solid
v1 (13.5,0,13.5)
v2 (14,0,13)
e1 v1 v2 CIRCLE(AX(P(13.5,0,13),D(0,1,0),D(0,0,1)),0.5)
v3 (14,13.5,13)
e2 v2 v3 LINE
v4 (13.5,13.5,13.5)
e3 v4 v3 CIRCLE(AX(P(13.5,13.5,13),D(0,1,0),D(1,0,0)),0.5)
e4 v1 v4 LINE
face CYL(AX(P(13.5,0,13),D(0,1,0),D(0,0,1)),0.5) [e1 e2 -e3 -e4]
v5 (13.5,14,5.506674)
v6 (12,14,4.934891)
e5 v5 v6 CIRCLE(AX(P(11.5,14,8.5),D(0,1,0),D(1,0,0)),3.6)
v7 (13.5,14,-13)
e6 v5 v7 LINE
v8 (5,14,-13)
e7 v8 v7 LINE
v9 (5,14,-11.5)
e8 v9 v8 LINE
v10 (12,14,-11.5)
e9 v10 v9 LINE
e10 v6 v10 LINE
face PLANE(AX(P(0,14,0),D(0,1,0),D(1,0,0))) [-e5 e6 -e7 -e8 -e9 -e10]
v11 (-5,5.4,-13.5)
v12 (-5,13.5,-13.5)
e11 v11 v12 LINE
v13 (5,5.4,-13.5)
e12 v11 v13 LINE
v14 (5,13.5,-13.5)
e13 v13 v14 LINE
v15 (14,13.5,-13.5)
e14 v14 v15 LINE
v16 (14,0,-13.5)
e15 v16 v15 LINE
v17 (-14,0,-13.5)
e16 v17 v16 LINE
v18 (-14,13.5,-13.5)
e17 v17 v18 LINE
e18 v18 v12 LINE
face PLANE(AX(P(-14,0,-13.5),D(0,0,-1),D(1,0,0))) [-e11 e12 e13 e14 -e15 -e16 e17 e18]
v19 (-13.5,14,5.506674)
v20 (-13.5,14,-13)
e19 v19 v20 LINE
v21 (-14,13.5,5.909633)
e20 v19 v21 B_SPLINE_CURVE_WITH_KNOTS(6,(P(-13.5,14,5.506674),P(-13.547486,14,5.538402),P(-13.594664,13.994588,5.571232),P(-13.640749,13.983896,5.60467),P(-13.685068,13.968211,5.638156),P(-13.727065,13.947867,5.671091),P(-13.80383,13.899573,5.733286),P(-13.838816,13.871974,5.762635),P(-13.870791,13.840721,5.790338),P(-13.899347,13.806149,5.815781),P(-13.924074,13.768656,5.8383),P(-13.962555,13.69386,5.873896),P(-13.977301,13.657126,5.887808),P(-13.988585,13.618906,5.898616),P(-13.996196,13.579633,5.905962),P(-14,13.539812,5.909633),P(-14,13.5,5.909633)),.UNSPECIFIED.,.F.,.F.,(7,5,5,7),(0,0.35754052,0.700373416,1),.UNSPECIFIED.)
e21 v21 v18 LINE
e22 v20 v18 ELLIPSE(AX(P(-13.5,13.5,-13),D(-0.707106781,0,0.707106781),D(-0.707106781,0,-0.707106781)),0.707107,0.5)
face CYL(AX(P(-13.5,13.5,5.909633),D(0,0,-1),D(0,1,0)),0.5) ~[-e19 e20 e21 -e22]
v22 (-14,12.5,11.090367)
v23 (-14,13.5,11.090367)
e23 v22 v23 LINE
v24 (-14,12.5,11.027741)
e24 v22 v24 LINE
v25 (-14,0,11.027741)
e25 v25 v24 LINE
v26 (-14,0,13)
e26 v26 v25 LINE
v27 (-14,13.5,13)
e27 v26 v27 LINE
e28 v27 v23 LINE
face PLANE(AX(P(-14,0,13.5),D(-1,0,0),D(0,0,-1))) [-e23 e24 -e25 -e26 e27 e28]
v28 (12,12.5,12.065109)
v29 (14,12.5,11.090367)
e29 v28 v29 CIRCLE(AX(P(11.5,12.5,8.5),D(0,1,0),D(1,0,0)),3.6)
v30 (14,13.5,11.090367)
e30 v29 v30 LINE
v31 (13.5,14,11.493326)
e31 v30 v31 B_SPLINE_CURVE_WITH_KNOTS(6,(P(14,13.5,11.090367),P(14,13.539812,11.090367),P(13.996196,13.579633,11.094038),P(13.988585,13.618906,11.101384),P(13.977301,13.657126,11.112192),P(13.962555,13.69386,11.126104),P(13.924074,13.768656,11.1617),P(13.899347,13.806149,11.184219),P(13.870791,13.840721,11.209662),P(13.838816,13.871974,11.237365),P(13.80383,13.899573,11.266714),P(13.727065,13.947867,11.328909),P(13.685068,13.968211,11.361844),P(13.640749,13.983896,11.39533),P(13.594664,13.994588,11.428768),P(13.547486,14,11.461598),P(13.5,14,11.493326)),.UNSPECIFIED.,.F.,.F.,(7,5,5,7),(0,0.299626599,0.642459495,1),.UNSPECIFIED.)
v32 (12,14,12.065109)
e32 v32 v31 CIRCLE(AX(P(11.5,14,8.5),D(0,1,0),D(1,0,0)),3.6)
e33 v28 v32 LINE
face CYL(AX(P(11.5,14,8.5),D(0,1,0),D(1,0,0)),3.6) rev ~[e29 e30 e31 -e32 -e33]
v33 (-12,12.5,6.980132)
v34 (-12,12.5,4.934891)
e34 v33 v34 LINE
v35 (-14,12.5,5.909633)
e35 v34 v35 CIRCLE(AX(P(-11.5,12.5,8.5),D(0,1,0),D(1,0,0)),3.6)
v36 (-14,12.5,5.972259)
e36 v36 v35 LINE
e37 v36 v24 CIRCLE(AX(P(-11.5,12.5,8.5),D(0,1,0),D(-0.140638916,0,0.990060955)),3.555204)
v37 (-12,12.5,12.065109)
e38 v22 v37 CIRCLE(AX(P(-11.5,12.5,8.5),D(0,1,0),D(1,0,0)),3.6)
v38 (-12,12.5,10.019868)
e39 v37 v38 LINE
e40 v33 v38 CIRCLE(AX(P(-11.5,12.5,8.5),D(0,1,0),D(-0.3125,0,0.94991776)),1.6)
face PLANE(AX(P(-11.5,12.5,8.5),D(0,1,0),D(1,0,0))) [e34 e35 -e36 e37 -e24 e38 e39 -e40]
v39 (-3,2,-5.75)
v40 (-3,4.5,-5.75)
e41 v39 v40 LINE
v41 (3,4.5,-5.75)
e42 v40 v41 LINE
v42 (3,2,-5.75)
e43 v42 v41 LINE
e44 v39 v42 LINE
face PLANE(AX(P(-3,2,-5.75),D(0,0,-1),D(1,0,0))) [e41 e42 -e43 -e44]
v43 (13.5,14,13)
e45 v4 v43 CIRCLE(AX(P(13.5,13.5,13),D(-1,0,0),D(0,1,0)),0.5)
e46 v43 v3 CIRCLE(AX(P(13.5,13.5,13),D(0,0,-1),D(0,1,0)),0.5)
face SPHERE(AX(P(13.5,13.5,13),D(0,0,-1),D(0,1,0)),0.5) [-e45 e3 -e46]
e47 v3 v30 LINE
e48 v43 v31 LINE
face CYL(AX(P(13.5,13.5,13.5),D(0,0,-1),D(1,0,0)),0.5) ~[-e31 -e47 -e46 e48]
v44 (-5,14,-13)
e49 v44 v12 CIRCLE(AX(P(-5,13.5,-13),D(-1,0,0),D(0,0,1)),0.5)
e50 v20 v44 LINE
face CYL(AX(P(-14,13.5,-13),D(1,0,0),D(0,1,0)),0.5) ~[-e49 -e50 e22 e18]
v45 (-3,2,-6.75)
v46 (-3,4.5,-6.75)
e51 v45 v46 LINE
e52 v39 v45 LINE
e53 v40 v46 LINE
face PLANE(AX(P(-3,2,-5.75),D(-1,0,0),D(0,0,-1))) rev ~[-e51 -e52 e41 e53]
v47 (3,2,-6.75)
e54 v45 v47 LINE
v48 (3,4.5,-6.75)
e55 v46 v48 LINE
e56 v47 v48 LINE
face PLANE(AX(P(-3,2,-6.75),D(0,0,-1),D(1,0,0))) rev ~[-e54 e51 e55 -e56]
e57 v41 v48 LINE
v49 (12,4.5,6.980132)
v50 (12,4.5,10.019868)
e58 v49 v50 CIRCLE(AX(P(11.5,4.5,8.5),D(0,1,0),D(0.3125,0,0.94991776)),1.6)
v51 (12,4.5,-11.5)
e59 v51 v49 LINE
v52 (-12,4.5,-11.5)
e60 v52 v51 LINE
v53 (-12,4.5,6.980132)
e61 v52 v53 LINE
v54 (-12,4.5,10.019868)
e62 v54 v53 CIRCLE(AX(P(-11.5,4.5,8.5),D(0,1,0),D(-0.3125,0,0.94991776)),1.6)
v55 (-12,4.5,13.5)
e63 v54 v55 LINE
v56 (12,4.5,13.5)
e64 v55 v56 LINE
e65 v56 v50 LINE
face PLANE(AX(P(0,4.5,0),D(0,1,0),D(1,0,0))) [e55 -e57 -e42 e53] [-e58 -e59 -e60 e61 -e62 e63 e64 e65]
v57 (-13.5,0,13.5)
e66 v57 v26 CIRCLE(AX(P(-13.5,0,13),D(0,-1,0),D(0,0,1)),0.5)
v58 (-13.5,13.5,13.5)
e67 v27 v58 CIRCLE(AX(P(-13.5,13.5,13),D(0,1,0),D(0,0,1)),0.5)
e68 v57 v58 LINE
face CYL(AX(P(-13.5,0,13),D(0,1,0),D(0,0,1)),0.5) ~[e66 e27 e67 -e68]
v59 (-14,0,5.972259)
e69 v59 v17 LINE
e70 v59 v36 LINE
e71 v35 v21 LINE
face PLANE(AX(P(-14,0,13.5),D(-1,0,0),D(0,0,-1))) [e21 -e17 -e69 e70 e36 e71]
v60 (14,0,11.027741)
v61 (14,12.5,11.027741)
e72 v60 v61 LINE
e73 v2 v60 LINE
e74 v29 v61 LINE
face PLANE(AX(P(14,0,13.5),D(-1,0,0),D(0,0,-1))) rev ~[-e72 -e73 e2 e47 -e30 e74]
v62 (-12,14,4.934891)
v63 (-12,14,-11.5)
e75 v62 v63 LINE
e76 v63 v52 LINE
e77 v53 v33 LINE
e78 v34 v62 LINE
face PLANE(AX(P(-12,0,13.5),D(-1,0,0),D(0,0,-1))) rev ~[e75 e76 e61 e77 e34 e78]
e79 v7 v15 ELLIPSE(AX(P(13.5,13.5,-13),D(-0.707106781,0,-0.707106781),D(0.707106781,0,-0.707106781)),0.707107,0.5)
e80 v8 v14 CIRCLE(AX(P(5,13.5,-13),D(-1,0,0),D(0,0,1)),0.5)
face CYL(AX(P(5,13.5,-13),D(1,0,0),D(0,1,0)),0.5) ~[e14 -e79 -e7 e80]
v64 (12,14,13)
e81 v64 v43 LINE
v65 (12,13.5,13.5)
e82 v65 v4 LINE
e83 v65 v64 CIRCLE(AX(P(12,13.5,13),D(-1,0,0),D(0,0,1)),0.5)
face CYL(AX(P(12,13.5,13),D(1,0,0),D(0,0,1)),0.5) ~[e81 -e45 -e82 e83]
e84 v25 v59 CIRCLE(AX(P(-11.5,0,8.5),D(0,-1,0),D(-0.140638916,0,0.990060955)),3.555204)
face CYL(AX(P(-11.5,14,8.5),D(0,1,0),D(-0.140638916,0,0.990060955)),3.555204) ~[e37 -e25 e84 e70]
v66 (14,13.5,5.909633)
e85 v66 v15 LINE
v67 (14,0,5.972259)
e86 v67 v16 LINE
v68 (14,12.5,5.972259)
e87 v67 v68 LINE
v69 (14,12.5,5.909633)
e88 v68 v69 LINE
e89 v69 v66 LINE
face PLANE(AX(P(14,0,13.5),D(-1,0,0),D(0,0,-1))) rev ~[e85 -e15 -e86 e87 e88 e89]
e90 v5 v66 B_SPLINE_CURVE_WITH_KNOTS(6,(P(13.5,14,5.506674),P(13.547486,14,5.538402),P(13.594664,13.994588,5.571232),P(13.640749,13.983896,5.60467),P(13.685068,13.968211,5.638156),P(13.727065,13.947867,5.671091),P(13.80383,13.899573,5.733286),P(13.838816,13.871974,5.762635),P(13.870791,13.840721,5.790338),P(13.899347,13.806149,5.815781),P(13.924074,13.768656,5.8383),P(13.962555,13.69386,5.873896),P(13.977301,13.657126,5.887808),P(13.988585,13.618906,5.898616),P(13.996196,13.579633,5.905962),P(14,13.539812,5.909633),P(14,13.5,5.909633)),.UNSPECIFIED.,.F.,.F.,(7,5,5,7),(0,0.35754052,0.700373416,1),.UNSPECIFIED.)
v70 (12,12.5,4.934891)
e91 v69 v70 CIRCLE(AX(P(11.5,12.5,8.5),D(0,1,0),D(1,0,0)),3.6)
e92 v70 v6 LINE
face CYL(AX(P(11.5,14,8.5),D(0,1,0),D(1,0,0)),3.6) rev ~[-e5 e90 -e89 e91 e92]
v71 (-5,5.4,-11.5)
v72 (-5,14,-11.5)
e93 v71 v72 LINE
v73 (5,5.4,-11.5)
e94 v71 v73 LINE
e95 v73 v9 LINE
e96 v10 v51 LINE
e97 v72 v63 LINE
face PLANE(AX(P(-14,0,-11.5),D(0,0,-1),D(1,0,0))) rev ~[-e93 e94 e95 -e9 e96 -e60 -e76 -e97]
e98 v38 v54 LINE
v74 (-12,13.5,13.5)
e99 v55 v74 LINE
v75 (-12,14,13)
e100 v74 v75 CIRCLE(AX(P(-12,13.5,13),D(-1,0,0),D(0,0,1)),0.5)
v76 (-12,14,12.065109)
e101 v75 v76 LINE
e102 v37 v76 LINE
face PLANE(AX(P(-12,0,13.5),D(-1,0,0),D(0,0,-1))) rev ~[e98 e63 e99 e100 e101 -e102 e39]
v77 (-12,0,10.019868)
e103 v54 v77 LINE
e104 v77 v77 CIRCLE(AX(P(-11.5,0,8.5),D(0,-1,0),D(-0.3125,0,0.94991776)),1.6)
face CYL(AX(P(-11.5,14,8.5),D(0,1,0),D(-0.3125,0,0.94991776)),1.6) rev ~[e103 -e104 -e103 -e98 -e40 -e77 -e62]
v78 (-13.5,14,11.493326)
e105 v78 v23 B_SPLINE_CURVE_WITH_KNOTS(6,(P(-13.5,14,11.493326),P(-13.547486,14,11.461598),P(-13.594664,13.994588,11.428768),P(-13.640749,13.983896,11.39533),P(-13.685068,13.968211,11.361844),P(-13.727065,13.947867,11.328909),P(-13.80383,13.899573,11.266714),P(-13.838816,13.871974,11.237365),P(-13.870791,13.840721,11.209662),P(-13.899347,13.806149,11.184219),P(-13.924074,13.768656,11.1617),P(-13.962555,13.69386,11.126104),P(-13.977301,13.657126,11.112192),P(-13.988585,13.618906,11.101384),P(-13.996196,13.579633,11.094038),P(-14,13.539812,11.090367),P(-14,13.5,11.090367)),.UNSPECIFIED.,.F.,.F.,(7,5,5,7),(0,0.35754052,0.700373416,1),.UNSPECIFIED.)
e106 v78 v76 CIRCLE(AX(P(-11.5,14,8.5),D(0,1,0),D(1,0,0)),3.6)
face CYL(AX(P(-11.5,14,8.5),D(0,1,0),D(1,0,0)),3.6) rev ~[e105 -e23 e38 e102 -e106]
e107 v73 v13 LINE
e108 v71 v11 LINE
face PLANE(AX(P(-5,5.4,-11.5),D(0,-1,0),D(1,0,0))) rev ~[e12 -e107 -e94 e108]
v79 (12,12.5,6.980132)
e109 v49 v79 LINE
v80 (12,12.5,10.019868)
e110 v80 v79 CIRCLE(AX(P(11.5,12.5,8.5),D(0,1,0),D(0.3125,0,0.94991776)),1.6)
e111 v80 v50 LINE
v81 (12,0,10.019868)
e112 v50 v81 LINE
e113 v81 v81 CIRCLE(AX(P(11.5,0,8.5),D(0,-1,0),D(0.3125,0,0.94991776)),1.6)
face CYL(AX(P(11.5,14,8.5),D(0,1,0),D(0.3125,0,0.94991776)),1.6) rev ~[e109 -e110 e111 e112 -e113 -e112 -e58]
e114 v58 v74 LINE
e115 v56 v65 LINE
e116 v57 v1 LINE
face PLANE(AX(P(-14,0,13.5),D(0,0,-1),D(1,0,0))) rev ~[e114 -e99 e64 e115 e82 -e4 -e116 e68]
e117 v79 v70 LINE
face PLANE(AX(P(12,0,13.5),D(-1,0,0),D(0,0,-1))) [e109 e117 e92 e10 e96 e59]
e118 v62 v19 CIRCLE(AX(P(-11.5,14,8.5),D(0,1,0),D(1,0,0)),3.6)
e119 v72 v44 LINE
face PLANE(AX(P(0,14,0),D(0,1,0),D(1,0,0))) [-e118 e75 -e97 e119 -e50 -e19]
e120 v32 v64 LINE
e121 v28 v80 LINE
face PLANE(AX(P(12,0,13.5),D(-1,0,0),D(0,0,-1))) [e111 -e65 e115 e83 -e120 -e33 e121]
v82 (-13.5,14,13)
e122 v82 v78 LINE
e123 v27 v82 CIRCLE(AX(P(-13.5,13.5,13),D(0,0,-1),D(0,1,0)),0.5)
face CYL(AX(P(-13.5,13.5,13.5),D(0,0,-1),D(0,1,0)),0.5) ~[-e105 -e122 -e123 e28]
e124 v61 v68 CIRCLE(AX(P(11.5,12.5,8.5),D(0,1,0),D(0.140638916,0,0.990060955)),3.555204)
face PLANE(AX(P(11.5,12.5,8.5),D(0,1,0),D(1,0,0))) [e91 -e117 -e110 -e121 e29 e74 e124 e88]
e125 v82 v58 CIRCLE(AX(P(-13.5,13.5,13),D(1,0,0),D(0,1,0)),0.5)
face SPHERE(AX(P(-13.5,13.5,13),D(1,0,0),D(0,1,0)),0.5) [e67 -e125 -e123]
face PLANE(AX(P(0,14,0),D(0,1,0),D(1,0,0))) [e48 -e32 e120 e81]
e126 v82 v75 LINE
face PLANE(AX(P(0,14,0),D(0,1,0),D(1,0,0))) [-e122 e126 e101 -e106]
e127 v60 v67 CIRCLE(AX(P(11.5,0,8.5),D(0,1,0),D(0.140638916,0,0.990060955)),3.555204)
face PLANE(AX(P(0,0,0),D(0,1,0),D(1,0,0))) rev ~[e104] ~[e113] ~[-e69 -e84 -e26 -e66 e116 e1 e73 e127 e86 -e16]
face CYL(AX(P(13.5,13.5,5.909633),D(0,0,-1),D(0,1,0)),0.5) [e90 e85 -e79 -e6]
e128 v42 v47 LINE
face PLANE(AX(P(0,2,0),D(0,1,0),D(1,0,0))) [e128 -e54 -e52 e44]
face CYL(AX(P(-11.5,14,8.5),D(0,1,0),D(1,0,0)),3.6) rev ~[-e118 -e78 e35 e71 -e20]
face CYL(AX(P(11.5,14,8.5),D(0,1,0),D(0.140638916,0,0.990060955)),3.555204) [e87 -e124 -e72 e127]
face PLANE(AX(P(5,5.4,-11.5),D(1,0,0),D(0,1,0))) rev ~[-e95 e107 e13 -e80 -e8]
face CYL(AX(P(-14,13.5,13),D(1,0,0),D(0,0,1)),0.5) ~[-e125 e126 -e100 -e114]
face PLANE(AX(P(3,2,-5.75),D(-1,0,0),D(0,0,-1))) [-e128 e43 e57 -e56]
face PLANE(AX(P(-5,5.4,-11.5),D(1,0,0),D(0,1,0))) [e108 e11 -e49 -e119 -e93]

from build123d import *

# Parameters (mm, degrees)
SKETCH1_W           = 28
SKETCH1_H           = 27
BOSS_EXTRUDE1_DEPTH = 14
SHELL1_T            = -2
SKETCH2_W           = 24
SKETCH2_H           = 23
SKETCH2_W_2         = 6
SKETCH2_H_2         = 1
BOSS_EXTRUDE2_DEPTH = 2.5
CUT_EXTRUDE1_REACH  = 35.481
SKETCH3_W           = 24
SKETCH3_H           = 9.5
CUT_EXTRUDE2_REACH  = 25.964
SKETCH4_R           = 1.6
BOSS_EXTRUDE3_DEPTH = 14
CUT_EXTRUDE4_REACH  = 34.368
SKETCH7_W           = 10
SKETCH7_H           = 8.6
SKETCH8_R           = 3.6
CUT_EXTRUDE5_DEPTH  = 1.5
FILLET1_R           = 0.5


with BuildPart() as part:
    # Sketch1 → Boss-Extrude1 (new body)
    with BuildSketch(Plane(origin=(0, 0, 0), x_dir=(1, 0, 0), z_dir=(0, 1, 0))):
        Rectangle(SKETCH1_W, SKETCH1_H)
    extrude(amount=BOSS_EXTRUDE1_DEPTH)

    # Shell1
    shell1_openings = [part.faces().sort_by_distance(p)[0] for p in [
        (0, 14, 0),
    ]]
    offset(amount=SHELL1_T, openings=shell1_openings, kind=Kind.INTERSECTION)

    # Sketch2 → Boss-Extrude2 (add)
    with BuildSketch(Plane(origin=(0, 2, 0), x_dir=(1, 0, 0), z_dir=(0, 1, 0))):
        Rectangle(SKETCH2_W, SKETCH2_H)
        with Locations((0, 6.25)):
            Rectangle(SKETCH2_W_2, SKETCH2_H_2, mode=Mode.SUBTRACT)
    extrude(amount=BOSS_EXTRUDE2_DEPTH)

    # Sketch3 → Cut-Extrude1 (cut, up to next)
    with BuildSketch(Plane.XY.offset(13.5), mode=Mode.PRIVATE) as cut_extrude1_sk1:
        with Locations((0, 9.25)):
            Rectangle(SKETCH3_W, SKETCH3_H)
    cut_extrude1_tool1 = extrude(cut_extrude1_sk1.sketch, amount=-CUT_EXTRUDE1_REACH, mode=Mode.PRIVATE) & part.part
    add(cut_extrude1_tool1.solids().sort_by_distance((0, 9.25, 13.5))[0], mode=Mode.SUBTRACT)

    # Sketch4 → Cut-Extrude2 (cut, up to next)
    with BuildSketch(Plane(origin=(0, 14, 0), x_dir=(1, 0, 0), z_dir=(0, 1, 0)), mode=Mode.PRIVATE) as cut_extrude2_sk1:
        with Locations(Location((-11.5, -8.5, 0), (0, 0, 251.790043136))):
            Circle(SKETCH4_R)
    cut_extrude2_tool1 = extrude(cut_extrude2_sk1.sketch, amount=-CUT_EXTRUDE2_REACH, mode=Mode.PRIVATE) & part.part
    # Sketch4 → Cut-Extrude2 (cut, up to next)
    with BuildSketch(Plane(origin=(0, 14, 0), x_dir=(1, 0, 0), z_dir=(0, 1, 0)), mode=Mode.PRIVATE) as cut_extrude2_sk2:
        with Locations(Location((11.5, -8.5, 0), (0, 0, 288.209956864))):
            Circle(SKETCH4_R)
    cut_extrude2_tool2 = extrude(cut_extrude2_sk2.sketch, amount=-CUT_EXTRUDE2_REACH, mode=Mode.PRIVATE) & part.part
    add(cut_extrude2_tool1.solids().sort_by_distance((-11.5, 14, 8.5))[0], mode=Mode.SUBTRACT)
    add(cut_extrude2_tool2.solids().sort_by_distance((11.5, 14, 8.5))[0], mode=Mode.SUBTRACT)

    # Sketch5 → Boss-Extrude3 (add)
    with BuildSketch(Plane(origin=(0, 14, 0), x_dir=(1, 0, 0), z_dir=(0, 1, 0))):
        with BuildLine():
            Line((12, -4.980131585), (12, -6.980131585))
            ThreePointArc((12, -6.980131585), (13.1, -8.5), (12, -10.019868415))
            Line((12, -10.019868415), (12, -12.019868415))
            ThreePointArc((12, -12.019868415), (15.055203744, -8.5), (12, -4.980131585))
        make_face()
        with BuildLine():
            Line((-12, -4.980131585), (-12, -6.980131585))
            ThreePointArc((-12, -6.980131585), (-13.1, -8.5), (-12, -10.019868415))
            Line((-12, -10.019868415), (-12, -12.019868415))
            ThreePointArc((-12, -12.019868415), (-15.055203744, -8.5), (-12, -4.980131585))
        make_face()
    extrude(amount=-BOSS_EXTRUDE3_DEPTH)

    # Sketch7 → Cut-Extrude4 (cut, up to next)
    with BuildSketch(Plane.XY.offset(-11.5), mode=Mode.PRIVATE) as cut_extrude4_sk1:
        with Locations((0, 9.7)):
            Rectangle(SKETCH7_W, SKETCH7_H)
    cut_extrude4_tool1 = extrude(cut_extrude4_sk1.sketch, amount=-CUT_EXTRUDE4_REACH, mode=Mode.PRIVATE) & part.part
    add(cut_extrude4_tool1.solids().sort_by_distance((0, 9.7, -11.5))[0], mode=Mode.SUBTRACT)

    # Sketch8 → Cut-Extrude5 (cut)
    with BuildSketch(Plane(origin=(0, 14, 0), x_dir=(1, 0, 0), z_dir=(0, 1, 0))):
        with Locations((11.5, -8.5)):
            Circle(SKETCH8_R)
        with Locations((-11.5, -8.5)):
            Circle(SKETCH8_R)
    extrude(amount=-CUT_EXTRUDE5_DEPTH, mode=Mode.SUBTRACT)

    # Fillet1
    fillet1_edges = [part.edges().sort_by_distance(p)[0] for p in [
        (14, 14, 12.295183385),
        (9.5, 14, -13.5),
        (-13, 14, 13.5),
        (-14, 14, -3.795183385),
        (14, 14, -3.795183385),
        (-14, 14, 12.295183385),
        (13, 14, 13.5),
        (-14, 7, 13.5),
        (14, 7, 13.5),
        (-9.5, 14, -13.5),
    ]]
    fillet(fillet1_edges, radius=FILLET1_R)


solid = part.part
